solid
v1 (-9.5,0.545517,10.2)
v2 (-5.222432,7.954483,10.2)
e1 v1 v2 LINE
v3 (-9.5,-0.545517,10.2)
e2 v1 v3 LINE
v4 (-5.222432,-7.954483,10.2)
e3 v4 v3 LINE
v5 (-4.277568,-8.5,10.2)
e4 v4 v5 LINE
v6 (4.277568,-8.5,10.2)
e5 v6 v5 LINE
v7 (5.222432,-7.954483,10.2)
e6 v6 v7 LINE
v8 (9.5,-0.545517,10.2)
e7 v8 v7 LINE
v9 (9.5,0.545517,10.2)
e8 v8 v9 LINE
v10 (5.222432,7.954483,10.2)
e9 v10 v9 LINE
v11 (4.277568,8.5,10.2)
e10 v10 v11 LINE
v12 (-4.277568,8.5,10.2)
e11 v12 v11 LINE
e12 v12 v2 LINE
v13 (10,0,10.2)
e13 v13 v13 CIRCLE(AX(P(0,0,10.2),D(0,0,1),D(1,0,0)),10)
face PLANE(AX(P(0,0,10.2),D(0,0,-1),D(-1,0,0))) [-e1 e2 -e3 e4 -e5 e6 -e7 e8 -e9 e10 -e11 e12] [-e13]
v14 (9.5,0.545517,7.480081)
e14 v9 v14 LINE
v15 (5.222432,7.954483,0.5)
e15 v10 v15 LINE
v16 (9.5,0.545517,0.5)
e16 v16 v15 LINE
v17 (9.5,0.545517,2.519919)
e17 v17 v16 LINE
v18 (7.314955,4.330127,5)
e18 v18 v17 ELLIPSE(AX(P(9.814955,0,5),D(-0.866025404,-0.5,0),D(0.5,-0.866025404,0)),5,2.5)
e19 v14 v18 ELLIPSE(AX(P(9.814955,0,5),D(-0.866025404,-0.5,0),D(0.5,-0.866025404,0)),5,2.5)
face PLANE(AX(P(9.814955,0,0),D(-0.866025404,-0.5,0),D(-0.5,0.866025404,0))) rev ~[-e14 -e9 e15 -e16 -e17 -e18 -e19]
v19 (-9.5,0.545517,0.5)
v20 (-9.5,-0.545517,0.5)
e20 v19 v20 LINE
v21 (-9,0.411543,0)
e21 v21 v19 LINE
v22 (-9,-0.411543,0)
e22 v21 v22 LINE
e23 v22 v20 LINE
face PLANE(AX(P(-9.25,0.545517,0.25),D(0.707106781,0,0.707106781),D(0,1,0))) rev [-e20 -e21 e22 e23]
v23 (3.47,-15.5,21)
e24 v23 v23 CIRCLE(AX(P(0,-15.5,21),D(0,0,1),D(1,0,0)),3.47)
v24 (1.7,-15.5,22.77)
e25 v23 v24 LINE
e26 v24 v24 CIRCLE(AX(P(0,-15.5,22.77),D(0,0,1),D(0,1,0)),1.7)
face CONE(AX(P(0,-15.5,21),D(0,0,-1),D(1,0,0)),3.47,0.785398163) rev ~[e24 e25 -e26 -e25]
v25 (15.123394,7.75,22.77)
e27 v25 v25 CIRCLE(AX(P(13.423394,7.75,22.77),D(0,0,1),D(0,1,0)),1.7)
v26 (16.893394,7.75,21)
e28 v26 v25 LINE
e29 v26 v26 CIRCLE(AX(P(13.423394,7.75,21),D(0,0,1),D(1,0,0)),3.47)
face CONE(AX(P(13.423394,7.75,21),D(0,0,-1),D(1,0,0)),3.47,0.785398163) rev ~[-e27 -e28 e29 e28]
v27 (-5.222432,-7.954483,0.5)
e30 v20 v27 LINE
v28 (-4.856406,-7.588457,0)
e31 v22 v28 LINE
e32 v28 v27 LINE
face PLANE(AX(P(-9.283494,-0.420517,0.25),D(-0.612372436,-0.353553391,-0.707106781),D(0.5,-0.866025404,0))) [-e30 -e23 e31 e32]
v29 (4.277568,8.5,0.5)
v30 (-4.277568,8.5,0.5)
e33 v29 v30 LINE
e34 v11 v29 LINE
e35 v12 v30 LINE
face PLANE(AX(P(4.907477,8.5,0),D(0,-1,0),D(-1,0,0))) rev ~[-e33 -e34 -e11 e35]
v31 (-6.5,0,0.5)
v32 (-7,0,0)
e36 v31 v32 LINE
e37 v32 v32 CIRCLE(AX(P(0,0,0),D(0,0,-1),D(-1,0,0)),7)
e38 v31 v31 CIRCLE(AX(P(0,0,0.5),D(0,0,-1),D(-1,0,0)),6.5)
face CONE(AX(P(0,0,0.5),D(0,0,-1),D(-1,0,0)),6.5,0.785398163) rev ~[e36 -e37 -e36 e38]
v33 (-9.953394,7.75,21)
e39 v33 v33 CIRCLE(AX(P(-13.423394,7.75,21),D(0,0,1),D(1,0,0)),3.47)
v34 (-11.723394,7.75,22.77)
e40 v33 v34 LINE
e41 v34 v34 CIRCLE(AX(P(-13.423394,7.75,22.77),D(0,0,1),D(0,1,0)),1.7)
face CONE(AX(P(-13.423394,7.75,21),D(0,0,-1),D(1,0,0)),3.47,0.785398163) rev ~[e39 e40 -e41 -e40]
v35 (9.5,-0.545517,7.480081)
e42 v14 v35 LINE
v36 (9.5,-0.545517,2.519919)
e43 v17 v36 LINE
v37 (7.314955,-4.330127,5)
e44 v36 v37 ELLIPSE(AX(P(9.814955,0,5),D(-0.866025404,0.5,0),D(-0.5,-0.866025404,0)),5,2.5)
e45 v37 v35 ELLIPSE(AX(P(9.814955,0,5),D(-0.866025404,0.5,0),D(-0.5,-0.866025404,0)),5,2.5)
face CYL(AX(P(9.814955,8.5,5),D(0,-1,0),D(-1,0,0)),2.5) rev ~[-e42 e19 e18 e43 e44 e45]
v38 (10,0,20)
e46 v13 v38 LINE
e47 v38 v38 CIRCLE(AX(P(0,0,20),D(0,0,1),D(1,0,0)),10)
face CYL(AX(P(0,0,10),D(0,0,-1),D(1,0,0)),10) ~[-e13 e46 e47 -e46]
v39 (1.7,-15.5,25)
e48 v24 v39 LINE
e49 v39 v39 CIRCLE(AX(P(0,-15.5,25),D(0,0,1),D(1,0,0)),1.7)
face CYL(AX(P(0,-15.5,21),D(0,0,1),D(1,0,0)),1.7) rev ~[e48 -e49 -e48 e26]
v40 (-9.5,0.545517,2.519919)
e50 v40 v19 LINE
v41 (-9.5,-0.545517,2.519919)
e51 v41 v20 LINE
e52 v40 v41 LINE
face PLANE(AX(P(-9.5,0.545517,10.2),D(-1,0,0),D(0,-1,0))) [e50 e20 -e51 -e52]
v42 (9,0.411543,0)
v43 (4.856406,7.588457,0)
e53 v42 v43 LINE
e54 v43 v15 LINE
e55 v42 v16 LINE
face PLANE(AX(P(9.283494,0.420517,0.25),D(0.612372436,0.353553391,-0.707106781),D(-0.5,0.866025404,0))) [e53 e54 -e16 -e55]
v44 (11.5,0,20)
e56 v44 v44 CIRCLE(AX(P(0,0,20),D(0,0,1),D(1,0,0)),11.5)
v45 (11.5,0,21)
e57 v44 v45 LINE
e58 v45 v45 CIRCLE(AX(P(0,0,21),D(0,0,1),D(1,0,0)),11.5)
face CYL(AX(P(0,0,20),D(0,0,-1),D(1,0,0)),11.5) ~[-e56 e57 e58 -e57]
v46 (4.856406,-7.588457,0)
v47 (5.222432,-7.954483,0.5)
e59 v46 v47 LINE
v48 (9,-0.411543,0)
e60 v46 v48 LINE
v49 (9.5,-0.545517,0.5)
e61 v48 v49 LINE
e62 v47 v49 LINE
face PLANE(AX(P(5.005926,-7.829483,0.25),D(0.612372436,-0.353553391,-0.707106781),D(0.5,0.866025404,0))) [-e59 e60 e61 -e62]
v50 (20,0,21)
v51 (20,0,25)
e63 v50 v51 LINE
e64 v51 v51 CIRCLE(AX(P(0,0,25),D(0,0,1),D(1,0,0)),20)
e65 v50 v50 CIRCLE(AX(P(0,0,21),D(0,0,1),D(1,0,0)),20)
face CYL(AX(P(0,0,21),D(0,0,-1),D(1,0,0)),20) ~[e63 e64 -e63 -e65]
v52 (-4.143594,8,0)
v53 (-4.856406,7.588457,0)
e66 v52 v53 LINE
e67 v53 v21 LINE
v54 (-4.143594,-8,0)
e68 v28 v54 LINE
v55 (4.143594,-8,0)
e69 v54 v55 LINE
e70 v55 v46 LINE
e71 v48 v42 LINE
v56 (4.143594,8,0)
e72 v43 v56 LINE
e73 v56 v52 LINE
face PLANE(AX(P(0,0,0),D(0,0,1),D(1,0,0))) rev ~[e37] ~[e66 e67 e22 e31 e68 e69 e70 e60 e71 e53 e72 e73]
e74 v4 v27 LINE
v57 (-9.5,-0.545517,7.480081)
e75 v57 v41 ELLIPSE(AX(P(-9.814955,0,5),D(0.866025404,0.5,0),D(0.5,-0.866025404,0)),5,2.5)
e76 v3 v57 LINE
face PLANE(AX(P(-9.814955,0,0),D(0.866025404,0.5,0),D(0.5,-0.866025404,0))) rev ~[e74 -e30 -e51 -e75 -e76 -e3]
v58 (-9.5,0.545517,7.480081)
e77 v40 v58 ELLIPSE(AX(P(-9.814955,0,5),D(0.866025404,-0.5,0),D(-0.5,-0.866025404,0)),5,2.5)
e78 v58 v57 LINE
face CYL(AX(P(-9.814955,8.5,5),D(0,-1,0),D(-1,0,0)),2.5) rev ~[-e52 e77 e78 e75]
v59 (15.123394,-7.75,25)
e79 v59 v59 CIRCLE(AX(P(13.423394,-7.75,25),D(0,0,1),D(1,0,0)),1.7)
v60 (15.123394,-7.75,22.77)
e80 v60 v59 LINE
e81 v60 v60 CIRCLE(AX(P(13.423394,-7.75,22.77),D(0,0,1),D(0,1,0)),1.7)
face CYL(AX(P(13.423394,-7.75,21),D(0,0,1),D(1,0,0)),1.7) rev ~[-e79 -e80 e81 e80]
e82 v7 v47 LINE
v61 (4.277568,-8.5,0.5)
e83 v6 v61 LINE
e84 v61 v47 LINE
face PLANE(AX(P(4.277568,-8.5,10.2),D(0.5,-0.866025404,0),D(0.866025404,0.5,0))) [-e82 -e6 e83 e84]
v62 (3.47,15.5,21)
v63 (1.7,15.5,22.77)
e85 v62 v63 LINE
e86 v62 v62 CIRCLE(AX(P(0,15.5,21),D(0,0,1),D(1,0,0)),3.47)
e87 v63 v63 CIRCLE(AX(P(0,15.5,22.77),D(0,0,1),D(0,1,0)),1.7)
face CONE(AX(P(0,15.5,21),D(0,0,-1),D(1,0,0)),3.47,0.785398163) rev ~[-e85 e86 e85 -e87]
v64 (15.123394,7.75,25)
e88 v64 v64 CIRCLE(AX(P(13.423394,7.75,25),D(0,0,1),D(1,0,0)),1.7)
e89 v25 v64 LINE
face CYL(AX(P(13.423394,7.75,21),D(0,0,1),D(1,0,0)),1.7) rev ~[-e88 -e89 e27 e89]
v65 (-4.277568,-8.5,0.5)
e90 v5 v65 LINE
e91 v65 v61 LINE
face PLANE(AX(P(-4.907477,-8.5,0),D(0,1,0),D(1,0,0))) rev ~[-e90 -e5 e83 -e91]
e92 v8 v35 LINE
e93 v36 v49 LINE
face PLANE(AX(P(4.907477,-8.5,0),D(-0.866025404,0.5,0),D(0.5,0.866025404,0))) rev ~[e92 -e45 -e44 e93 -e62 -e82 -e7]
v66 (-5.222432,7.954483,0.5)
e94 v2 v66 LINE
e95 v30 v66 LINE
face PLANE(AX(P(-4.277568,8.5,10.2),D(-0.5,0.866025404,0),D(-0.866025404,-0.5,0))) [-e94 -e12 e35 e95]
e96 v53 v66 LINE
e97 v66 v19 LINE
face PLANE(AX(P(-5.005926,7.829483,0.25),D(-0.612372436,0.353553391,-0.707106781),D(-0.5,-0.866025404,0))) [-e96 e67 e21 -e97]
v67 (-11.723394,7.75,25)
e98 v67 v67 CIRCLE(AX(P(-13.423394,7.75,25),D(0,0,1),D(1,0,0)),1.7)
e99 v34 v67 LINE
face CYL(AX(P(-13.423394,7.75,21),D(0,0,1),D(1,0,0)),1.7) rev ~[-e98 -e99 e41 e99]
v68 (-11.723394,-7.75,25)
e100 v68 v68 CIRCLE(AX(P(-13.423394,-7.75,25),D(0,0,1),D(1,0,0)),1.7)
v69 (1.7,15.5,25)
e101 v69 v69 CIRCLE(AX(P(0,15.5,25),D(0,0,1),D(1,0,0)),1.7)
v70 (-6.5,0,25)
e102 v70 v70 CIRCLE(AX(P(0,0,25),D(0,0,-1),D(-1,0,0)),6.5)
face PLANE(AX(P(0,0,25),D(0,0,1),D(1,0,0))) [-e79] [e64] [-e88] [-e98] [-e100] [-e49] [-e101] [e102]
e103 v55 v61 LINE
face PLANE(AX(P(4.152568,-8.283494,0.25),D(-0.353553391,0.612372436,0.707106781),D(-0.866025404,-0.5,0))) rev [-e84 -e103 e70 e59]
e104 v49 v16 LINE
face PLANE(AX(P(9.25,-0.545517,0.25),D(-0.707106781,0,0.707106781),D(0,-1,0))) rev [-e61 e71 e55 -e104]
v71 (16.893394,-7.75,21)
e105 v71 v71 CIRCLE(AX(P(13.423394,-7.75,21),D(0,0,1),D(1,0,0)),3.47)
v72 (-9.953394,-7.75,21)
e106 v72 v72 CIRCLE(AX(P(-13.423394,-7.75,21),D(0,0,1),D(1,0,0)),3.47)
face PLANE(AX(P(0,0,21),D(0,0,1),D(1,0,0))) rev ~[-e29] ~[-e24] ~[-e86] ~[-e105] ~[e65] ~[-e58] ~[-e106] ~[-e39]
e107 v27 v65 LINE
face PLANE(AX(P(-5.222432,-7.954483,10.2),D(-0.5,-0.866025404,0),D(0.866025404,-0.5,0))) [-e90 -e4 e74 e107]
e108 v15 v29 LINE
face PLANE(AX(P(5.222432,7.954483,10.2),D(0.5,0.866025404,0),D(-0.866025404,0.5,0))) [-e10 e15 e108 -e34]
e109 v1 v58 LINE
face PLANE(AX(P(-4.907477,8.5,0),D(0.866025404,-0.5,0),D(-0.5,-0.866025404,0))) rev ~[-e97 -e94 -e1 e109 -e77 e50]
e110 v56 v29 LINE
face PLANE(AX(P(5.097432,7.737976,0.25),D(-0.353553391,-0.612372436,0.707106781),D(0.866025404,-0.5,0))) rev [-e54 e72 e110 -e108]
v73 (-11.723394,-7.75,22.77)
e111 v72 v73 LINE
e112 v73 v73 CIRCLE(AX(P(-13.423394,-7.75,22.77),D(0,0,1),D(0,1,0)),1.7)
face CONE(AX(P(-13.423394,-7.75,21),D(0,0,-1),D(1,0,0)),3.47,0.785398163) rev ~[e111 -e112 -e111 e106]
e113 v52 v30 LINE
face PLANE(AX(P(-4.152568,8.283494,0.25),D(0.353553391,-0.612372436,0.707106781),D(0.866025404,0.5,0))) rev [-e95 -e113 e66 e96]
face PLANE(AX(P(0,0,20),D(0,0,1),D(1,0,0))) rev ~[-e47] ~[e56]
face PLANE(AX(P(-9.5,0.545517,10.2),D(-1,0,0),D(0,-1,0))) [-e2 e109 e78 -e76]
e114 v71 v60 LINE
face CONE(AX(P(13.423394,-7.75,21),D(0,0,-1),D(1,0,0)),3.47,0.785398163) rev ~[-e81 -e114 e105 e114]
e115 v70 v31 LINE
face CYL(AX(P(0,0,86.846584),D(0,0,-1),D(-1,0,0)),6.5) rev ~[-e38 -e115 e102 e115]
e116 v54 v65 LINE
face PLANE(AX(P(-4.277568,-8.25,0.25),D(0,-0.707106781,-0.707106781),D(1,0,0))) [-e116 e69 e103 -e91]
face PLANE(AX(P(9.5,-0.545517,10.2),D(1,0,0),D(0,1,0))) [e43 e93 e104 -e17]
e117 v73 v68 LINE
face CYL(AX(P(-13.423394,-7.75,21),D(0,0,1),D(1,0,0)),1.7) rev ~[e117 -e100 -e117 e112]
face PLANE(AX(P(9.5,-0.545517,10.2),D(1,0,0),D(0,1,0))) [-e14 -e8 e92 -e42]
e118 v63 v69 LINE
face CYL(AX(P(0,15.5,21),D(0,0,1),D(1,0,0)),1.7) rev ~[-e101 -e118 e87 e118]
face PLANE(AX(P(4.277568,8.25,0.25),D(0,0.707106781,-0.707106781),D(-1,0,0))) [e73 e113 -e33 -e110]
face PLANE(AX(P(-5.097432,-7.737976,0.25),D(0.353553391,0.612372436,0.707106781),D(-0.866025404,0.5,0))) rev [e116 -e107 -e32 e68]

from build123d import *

# Parameters (mm, degrees)
BOSS_EXTRUDE1_DEPTH                                  = 10
F_5_0MM_DOWEL_HOLE1_D                                = 5
F_5_0MM_DOWEL_HOLE1_CSINK_D                          = 5.05
F_5_0MM_DOWEL_HOLE1_CSINK_ANGLE                      = 90
SKETCH5_R                                            = 10
BOSS_EXTRUDE2_DEPTH                                  = 10
SKETCH6_R                                            = 11.5
BOSS_EXTRUDE3_DEPTH                                  = 1
SKETCH7_R                                            = 20
BOSS_EXTRUDE4_DEPTH                                  = 4
CSK_FOR_M3_HEX_SOCKET_COUNTERSUNK_HEAD_S_D           = 3.4
CSK_FOR_M3_HEX_SOCKET_COUNTERSUNK_HEAD_S_CSINK_D     = 6.94
CSK_FOR_M3_HEX_SOCKET_COUNTERSUNK_HEAD_S_CSINK_ANGLE = 90
F_13_0_13_DIAMETER_HOLE1_D                           = 13
SKETCH12_R                                           = 10
CUT_EXTRUDE1_DEPTH                                   = 0.2
CUT_EXTRUDE2_START                                   = -10.2
CUT_EXTRUDE2_DEPTH                                   = 10.2
CHAMFER1_SIZE                                        = 0.5


with BuildPart() as part:
    # Sketch1 → Boss-Extrude1 (new body)
    with BuildSketch(Plane.XY):
        Polygon((-4.907477288, 8.5), (-9.814954576, 0), (-4.907477288, -8.5), (4.907477288, -8.5), (9.814954576, 0), (4.907477288, 8.5), align=None)
    extrude(amount=BOSS_EXTRUDE1_DEPTH)

    # Ø5.0mm Dowel Hole1 (through all)
    with Locations(Plane(origin=(0, 8.5, 0), x_dir=(1, 0, 0), z_dir=(0, 1, 0))):
        with Locations((-9.814954576, -5), (9.814954576, -5)):
            CounterSinkHole(F_5_0MM_DOWEL_HOLE1_D / 2, F_5_0MM_DOWEL_HOLE1_CSINK_D / 2, counter_sink_angle=F_5_0MM_DOWEL_HOLE1_CSINK_ANGLE)

    # Sketch5 → Boss-Extrude2 (add)
    with BuildSketch(Plane.XY.offset(10)):
        Circle(SKETCH5_R)
    extrude(amount=BOSS_EXTRUDE2_DEPTH)

    # Sketch6 → Boss-Extrude3 (add)
    with BuildSketch(Plane.XY.offset(20)):
        Circle(SKETCH6_R)
    extrude(amount=BOSS_EXTRUDE3_DEPTH)

    # Sketch7 → Boss-Extrude4 (add)
    with BuildSketch(Plane.XY.offset(21)):
        Circle(SKETCH7_R)
    extrude(amount=BOSS_EXTRUDE4_DEPTH)

    # CSK for M3 Hex Socket Countersunk Head Screw1 (through all)
    with Locations(Plane(origin=(0, 0, 21), x_dir=(-1, 0, 0), z_dir=(0, 0, -1))):
        with Locations((0, 15.5), (13.423393759, 7.75), (13.423393759, -7.75), (0, -15.5), (-13.423393759, -7.75), (-13.423393759, 7.75)):
            CounterSinkHole(CSK_FOR_M3_HEX_SOCKET_COUNTERSUNK_HEAD_S_D / 2, CSK_FOR_M3_HEX_SOCKET_COUNTERSUNK_HEAD_S_CSINK_D / 2, counter_sink_angle=CSK_FOR_M3_HEX_SOCKET_COUNTERSUNK_HEAD_S_CSINK_ANGLE)

    # Ø13.0 (13) Diameter Hole1 (through all)
    with Locations(Plane.XY.offset(25)):
        with Locations((0, 0)):
            Hole(F_13_0_13_DIAMETER_HOLE1_D / 2)

    # Sketch12 → Cut-Extrude1 (cut)
    with BuildSketch(Plane(origin=(0, 0, 10), x_dir=(-1, 0, 0), z_dir=(0, 0, -1))):
        Circle(SKETCH12_R)
        Polygon((4.907477288, 8.5), (-4.907477288, 8.5), (-9.814954576, 0), (-4.907477288, -8.5), (4.907477288, -8.5), (9.814954576, 0), align=None, mode=Mode.SUBTRACT)
    extrude(amount=-CUT_EXTRUDE1_DEPTH, mode=Mode.SUBTRACT)

    # Sketch13 → Cut-Extrude2 (cut)
    with BuildSketch(Plane(origin=(0, 0, 0), x_dir=(-1, 0, 0), z_dir=(0, 0, -1)).offset(CUT_EXTRUDE2_START)):
        Polygon((-5.222431864, 7.954482672), (-4.277568136, 8.5), (-4.907477288, 8.5), align=None)
        Polygon((4.907477288, 8.5), (4.277568136, 8.5), (5.222431864, 7.954482672), align=None)
        Polygon((-9.5, -0.545517328), (-9.5, 0.545517328), (-9.814954576, 0), align=None)
        Polygon((9.814954576, 0), (9.5, 0.545517328), (9.5, -0.545517328), align=None)
        Polygon((-4.277568136, -8.5), (-5.222431864, -7.954482672), (-4.907477288, -8.5), align=None)
        Polygon((4.907477288, -8.5), (5.222431864, -7.954482672), (4.277568136, -8.5), align=None)
    extrude(amount=CUT_EXTRUDE2_DEPTH, mode=Mode.SUBTRACT)

    # Chamfer1
    chamfer1_edges = [part.edges().sort_by_distance(p)[0] for p in [
        (6.5, 0, 0),
        (0, 8.5, 0),
        (7.361215932, 4.25, 0),
        (7.361215932, -4.25, 0),
        (0, -8.5, 0),
        (-7.361215932, -4.25, 0),
        (-7.361215932, 4.25, 0),
        (9.5, 0, 0),
        (4.75, -8.227241336, 0),
        (-4.75, -8.227241336, 0),
        (-9.5, 0, 0),
        (-4.75, 8.227241336, 0),
        (4.75, 8.227241336, 0),
    ]]
    chamfer(chamfer1_edges, length=CHAMFER1_SIZE)


solid = part.part
